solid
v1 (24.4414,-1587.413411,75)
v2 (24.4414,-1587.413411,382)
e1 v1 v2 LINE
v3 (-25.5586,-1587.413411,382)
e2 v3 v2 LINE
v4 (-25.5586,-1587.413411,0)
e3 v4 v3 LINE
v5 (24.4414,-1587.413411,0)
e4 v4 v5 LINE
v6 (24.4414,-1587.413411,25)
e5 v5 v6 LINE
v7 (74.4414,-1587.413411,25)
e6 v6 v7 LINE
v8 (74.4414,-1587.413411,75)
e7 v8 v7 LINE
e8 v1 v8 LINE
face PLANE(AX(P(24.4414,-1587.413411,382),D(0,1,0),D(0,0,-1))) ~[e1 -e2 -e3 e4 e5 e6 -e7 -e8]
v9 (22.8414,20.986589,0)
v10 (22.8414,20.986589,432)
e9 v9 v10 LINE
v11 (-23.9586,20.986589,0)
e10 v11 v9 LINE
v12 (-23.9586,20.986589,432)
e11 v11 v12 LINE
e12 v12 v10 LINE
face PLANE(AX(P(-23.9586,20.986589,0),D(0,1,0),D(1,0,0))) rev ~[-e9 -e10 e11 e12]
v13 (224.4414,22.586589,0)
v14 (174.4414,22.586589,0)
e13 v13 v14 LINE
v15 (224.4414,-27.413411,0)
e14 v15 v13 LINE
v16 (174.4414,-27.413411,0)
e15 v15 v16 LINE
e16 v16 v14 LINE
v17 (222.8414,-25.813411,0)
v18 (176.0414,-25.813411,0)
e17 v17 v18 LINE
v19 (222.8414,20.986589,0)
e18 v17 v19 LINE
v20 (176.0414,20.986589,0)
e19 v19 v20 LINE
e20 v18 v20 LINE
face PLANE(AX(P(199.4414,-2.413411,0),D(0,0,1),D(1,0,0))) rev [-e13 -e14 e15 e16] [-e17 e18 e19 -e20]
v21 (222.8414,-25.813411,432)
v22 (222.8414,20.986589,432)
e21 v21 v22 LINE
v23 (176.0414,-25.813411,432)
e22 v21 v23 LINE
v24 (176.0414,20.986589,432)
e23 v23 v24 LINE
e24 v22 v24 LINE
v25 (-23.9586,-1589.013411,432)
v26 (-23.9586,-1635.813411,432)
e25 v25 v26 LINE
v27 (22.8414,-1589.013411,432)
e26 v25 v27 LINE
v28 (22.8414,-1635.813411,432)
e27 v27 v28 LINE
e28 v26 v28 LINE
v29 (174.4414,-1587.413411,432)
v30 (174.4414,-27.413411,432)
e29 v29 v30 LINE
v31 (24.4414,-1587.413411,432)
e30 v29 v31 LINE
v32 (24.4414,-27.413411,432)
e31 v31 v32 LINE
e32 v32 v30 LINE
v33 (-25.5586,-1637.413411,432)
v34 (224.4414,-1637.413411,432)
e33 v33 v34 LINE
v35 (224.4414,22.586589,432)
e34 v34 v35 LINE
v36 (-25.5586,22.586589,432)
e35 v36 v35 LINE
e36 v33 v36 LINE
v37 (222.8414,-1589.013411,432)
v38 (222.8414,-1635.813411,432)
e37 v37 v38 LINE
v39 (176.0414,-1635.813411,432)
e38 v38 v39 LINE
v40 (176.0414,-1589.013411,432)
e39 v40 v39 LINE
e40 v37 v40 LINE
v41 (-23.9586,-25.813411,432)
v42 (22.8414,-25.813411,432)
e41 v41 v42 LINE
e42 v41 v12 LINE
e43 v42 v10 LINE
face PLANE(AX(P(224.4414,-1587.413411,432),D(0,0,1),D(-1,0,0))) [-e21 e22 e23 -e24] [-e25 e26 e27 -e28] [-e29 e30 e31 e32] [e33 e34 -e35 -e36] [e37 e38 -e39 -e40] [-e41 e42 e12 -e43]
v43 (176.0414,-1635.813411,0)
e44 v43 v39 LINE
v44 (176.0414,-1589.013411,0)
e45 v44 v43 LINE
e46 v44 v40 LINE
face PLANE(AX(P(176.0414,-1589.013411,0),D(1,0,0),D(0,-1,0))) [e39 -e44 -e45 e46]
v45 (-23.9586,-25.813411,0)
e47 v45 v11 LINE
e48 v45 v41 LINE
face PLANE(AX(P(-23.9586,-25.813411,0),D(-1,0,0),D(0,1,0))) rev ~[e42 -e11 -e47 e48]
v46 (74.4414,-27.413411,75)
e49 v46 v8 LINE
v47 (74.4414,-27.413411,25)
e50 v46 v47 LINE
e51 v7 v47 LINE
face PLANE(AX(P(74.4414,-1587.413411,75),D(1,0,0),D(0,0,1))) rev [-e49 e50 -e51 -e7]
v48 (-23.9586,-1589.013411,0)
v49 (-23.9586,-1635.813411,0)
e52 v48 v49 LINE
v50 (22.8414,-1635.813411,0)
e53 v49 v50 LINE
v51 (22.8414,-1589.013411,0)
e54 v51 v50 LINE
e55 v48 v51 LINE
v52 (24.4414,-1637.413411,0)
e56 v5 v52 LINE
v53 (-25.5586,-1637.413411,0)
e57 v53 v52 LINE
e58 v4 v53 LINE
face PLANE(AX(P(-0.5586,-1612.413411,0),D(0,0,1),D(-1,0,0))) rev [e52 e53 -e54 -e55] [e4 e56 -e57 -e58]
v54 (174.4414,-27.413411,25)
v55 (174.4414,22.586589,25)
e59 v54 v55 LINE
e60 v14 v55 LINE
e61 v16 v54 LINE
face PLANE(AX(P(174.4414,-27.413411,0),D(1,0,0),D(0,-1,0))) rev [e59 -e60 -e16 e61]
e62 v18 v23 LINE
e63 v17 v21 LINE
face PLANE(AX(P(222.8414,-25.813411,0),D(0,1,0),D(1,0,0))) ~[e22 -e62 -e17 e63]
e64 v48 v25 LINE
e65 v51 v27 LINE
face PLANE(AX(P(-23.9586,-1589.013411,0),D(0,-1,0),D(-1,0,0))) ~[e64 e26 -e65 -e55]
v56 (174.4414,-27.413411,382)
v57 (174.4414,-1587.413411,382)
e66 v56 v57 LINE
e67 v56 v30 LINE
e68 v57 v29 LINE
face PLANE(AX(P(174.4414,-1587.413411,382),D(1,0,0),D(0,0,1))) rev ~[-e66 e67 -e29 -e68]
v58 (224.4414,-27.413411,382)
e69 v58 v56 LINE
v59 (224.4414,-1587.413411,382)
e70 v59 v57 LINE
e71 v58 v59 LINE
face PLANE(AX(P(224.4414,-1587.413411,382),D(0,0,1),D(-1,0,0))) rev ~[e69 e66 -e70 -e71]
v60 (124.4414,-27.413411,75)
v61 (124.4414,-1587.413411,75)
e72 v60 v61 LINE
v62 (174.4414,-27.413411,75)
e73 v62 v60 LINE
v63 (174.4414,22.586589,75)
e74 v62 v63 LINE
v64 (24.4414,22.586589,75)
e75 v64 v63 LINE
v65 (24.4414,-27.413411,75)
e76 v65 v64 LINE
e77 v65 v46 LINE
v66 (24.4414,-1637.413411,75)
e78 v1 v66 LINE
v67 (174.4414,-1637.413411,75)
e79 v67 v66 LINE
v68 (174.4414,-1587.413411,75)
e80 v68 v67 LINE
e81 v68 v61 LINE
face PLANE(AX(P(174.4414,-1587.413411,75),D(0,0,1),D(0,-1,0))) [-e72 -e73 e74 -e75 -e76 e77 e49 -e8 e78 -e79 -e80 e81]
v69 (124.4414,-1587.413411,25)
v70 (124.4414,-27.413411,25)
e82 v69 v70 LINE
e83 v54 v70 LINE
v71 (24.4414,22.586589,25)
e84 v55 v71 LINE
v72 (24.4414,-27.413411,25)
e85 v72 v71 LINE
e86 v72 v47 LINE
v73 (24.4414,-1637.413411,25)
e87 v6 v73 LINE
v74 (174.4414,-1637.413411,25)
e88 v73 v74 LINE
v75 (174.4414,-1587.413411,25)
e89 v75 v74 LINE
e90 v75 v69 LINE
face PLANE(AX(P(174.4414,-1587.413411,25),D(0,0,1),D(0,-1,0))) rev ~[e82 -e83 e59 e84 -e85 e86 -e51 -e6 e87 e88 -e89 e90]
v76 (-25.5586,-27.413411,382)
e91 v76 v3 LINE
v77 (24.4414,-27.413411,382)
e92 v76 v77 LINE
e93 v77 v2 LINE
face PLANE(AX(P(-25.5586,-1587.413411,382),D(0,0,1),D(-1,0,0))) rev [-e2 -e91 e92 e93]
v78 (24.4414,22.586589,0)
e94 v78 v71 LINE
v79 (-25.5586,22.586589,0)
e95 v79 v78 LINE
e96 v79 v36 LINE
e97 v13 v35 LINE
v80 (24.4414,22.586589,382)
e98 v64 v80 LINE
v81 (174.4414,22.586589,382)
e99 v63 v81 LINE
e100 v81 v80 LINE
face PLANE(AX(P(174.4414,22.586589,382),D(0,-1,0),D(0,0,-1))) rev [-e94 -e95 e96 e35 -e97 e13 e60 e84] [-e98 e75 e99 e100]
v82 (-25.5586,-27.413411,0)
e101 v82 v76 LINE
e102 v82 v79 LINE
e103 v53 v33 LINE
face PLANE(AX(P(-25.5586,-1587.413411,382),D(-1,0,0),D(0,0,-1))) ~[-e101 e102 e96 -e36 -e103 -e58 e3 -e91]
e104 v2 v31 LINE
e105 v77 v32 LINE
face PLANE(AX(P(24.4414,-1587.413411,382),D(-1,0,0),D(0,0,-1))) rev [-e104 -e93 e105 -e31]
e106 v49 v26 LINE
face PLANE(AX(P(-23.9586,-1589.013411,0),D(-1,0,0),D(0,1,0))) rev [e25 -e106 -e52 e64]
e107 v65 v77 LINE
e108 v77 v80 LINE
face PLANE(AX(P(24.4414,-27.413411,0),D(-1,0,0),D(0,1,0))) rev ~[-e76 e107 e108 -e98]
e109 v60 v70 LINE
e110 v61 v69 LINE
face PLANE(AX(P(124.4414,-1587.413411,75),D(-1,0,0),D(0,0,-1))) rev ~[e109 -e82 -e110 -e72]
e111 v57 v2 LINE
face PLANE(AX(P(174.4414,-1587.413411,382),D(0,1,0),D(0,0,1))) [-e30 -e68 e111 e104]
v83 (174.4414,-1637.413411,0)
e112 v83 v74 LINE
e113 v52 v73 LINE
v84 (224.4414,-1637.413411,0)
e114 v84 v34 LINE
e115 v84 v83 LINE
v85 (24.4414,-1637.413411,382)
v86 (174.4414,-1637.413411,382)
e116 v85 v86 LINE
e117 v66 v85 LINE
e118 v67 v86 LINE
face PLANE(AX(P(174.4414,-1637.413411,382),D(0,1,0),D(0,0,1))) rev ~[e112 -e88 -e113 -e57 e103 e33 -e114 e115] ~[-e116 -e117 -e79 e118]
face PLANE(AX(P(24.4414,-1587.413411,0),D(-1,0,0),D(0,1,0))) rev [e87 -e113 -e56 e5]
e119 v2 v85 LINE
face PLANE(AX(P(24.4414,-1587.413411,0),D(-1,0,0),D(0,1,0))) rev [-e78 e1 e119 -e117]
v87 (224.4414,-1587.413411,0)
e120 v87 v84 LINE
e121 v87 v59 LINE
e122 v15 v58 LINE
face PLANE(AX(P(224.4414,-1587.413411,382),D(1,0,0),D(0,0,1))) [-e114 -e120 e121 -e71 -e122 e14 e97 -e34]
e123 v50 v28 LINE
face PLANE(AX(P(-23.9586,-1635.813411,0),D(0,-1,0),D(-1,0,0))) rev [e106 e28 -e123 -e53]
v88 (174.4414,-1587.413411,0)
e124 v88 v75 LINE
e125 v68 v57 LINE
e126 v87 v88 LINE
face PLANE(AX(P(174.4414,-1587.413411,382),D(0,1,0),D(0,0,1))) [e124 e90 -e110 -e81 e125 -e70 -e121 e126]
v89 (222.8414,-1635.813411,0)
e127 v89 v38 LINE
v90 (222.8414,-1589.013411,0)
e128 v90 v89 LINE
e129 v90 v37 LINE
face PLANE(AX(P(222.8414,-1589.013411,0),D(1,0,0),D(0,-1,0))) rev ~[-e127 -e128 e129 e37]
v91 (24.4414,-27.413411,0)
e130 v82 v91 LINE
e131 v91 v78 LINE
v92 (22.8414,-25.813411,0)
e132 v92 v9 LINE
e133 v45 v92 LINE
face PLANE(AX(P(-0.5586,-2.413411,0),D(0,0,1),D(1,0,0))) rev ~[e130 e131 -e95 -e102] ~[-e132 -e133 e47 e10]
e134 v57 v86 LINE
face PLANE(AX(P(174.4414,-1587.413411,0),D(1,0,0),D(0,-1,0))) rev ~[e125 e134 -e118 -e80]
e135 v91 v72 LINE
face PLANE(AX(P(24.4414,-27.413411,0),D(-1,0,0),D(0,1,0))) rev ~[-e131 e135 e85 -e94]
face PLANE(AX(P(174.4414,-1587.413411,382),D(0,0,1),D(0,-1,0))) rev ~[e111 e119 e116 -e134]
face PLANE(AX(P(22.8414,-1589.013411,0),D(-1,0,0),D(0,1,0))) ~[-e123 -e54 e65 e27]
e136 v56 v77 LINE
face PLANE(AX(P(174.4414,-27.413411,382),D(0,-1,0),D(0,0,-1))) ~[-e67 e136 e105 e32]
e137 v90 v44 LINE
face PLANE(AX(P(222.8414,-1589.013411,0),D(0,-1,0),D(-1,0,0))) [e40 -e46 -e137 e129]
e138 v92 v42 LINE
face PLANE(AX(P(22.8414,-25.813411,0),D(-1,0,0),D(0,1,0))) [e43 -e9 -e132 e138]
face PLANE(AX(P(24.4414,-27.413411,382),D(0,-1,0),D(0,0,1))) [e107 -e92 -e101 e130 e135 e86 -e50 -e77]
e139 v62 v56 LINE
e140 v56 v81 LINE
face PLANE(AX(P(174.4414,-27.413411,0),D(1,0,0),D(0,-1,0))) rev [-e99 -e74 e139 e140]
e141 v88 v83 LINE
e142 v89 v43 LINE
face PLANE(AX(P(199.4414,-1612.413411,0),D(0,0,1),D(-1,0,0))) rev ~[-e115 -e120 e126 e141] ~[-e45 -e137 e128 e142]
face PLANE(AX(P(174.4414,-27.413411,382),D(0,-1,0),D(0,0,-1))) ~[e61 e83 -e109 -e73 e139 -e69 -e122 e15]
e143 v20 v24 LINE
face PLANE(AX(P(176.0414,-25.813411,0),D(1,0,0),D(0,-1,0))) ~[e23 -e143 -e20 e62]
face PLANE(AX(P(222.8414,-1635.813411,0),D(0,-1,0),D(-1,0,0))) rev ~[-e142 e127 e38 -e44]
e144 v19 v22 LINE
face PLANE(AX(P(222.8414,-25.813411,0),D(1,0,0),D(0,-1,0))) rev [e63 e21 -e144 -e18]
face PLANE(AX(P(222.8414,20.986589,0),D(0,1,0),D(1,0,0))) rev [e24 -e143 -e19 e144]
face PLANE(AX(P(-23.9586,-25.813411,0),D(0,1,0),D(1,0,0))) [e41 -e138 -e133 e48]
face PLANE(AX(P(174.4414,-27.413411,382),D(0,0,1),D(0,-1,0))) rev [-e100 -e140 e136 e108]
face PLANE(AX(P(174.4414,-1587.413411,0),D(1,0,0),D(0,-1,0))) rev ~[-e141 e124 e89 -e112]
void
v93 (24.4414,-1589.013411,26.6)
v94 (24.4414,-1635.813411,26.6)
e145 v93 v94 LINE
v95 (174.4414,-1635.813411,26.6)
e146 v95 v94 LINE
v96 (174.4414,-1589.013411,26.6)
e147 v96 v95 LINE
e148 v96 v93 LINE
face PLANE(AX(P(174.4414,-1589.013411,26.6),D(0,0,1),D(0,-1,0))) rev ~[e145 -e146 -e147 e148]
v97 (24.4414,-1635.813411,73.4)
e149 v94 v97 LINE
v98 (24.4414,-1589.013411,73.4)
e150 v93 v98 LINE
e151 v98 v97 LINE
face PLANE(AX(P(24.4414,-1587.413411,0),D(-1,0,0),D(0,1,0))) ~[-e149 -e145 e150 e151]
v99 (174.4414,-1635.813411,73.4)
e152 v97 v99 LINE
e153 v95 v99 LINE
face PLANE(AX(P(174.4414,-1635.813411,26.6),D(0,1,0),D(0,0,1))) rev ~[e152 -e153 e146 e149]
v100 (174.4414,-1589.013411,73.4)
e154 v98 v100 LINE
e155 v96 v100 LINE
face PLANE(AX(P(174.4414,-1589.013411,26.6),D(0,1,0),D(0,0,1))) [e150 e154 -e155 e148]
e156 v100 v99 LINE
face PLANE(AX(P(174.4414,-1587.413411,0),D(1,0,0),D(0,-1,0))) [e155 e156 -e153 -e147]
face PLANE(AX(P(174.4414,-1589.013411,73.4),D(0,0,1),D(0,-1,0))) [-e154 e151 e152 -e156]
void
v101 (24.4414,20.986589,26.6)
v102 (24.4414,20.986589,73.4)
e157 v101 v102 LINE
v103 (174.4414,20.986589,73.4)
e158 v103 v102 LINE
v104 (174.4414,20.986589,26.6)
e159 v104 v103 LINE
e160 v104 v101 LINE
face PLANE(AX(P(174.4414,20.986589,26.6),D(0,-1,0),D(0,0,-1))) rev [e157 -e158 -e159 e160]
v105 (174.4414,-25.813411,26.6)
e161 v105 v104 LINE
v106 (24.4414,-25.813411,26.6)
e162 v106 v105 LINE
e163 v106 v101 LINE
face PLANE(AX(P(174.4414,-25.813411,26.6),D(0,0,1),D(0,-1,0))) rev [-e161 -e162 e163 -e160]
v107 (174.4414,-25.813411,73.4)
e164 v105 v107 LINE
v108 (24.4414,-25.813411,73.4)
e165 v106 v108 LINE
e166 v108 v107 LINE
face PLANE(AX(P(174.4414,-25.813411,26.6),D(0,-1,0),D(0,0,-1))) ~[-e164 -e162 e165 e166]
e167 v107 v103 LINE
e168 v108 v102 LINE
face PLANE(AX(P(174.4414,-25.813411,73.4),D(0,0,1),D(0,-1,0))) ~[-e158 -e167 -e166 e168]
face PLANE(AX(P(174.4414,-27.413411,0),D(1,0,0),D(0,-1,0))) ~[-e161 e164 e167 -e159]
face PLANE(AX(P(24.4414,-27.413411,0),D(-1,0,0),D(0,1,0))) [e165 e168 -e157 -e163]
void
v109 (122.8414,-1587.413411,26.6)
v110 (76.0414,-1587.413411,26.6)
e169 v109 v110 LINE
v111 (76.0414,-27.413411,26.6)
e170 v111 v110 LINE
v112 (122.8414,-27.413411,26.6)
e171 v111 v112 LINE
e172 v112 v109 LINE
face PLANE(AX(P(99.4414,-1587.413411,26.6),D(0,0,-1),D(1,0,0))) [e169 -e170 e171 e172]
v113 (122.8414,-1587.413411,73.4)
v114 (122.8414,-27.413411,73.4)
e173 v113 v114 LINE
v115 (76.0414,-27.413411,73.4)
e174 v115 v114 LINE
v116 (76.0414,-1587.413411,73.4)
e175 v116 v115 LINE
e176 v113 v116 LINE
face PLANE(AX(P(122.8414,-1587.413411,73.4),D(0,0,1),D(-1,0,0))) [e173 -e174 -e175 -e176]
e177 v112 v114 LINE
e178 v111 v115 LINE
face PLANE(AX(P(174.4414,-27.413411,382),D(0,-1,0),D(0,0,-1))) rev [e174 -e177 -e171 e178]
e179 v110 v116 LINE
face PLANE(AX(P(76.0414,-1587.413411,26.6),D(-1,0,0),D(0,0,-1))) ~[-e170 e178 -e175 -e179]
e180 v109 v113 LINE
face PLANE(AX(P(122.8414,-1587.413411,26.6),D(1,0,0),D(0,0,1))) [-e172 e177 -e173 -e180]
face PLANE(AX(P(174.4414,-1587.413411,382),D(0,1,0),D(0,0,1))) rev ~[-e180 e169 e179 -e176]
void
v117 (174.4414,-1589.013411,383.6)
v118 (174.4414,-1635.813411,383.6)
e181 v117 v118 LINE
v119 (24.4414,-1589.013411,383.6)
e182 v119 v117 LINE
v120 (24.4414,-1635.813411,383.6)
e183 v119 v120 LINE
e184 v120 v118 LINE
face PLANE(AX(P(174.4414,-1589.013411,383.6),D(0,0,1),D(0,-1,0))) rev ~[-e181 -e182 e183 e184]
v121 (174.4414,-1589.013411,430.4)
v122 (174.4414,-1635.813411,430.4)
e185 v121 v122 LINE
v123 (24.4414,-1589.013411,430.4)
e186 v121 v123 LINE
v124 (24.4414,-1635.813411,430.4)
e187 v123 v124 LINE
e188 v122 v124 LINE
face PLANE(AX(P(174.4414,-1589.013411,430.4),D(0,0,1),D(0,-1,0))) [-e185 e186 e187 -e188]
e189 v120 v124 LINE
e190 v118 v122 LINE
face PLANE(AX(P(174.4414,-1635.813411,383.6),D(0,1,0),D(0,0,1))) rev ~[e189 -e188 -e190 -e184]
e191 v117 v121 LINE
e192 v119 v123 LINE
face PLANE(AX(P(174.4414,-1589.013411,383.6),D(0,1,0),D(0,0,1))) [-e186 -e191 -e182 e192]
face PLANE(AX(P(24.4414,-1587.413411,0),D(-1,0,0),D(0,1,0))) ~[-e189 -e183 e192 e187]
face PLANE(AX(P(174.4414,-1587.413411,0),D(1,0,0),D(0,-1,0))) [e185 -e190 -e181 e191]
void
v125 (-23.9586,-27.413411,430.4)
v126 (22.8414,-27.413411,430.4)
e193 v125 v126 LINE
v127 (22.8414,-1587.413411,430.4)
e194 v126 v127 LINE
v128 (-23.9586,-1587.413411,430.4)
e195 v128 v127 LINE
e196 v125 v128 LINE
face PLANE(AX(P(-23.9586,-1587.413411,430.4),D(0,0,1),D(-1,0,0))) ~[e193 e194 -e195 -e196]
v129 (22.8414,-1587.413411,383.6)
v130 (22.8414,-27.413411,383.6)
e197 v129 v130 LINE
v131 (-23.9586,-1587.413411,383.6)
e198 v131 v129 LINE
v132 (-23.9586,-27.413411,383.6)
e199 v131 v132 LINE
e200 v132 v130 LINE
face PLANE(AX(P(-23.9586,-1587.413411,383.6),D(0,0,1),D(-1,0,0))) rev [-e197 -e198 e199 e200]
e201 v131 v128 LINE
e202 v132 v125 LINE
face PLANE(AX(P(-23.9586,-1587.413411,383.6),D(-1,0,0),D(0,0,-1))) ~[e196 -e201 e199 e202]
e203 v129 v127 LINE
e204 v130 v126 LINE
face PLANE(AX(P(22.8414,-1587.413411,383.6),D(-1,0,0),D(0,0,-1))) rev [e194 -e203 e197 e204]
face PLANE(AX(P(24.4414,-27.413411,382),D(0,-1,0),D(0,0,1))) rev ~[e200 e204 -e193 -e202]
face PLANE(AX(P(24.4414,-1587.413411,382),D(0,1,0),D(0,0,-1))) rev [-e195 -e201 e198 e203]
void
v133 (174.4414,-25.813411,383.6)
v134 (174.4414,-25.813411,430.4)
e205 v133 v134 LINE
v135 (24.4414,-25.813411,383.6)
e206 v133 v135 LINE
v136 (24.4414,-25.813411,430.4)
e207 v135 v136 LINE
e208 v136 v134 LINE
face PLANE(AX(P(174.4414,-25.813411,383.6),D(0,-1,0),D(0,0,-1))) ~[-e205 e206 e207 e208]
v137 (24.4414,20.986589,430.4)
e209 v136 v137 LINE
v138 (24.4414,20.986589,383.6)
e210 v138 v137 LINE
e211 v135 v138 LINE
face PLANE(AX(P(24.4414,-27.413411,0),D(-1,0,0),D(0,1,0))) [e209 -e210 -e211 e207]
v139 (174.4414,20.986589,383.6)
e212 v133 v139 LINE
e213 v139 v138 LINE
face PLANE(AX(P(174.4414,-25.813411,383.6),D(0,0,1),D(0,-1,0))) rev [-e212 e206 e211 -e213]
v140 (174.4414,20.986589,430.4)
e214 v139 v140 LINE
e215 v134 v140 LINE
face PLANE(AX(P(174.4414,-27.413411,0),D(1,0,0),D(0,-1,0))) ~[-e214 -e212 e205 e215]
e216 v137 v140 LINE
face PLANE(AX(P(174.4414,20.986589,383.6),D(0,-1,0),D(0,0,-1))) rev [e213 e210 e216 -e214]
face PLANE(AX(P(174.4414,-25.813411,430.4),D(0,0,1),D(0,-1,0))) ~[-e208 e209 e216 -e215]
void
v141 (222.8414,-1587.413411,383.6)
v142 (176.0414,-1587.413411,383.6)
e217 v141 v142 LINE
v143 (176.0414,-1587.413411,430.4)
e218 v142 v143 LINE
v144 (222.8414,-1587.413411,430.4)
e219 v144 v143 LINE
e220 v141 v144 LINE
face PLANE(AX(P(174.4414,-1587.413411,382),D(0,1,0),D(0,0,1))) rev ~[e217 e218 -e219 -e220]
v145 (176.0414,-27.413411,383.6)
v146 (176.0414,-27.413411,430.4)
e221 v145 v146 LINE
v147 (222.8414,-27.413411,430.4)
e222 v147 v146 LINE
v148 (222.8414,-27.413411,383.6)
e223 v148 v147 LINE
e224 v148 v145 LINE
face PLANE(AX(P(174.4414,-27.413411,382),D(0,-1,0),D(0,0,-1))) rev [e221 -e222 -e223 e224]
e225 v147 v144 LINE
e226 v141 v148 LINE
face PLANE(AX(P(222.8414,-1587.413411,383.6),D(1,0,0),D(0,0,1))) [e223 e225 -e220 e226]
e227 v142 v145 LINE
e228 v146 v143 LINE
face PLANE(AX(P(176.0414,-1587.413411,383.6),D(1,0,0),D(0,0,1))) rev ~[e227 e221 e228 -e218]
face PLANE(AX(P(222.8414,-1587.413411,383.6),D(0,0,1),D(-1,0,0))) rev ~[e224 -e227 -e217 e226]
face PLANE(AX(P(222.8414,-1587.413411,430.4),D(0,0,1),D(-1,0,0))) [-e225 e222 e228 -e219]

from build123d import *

# Parameters (mm, degrees)
F0_W     = 50
F0_H     = 50
F0_W_2   = 46.8
F0_H_2   = 46.8
F1_DEPTH = 432
F2_W     = 50
F2_H     = 50
F2_W_2   = 46.8
F2_H_2   = 46.8
F3_DEPTH = 75
F4_W     = 50
F4_H     = 50
F4_W_2   = 46.8
F4_H_2   = 46.8
F5_DEPTH = 780


with BuildPart() as f1:
    # F0 (on Top) → F1 (new body)
    with BuildSketch(Plane.XY):
        with Locations((-0.5586, -2.413411)):
            Rectangle(F0_W, F0_H)
        with Locations((-0.5586, -2.413411)):
            Rectangle(F0_W_2, F0_H_2, mode=Mode.SUBTRACT)
    extrude(amount=F1_DEPTH)

    # F2 (on face) → F3 (join)
    with BuildSketch(Plane.YZ.offset(24.4414)):
        with Locations((-2.413411, 50)):
            Rectangle(F2_W, F2_H)
        with Locations((-2.413411, 50)):
            Rectangle(F2_W_2, F2_H_2, mode=Mode.SUBTRACT)
        with Locations((-2.413411, 407)):
            Rectangle(F2_W, F2_H)
        with Locations((-2.413411, 407)):
            Rectangle(F2_W_2, F2_H_2, mode=Mode.SUBTRACT)
    extrude(amount=F3_DEPTH)

    # F4 (on face) → F5 (join)
    with BuildSketch(Plane.XZ.offset(27.413411)):
        with Locations((-0.5586, 407)):
            Rectangle(F4_W, F4_H)
        with Locations((-0.5586, 407)):
            Rectangle(F4_W_2, F4_H_2, mode=Mode.SUBTRACT)
        Polygon((99.4414, 75), (74.4414, 75), (74.4414, 25), (99.4414, 25), (99.4414, 26.6), (76.0414, 26.6), (76.0414, 73.4), (99.4414, 73.4), align=None)
    extrude(amount=F5_DEPTH)

    # F6: F1 across face


with BuildPart() as f1_1:
    add(f1.part)
    add(f1.part.mirror(Plane(origin=(-0.5586, -807.413411, 407), x_dir=(1, 0, 0), z_dir=(0, -1, 0))))

    # F7: F1 across face


with BuildPart() as f1_2:
    add(f1_1.part)
    add(f1_1.part.mirror(Plane(origin=(99.4414, -2.413411, 407), x_dir=(0, 1, 0), z_dir=(1, 0, 0))))


solid = f1_2.part
